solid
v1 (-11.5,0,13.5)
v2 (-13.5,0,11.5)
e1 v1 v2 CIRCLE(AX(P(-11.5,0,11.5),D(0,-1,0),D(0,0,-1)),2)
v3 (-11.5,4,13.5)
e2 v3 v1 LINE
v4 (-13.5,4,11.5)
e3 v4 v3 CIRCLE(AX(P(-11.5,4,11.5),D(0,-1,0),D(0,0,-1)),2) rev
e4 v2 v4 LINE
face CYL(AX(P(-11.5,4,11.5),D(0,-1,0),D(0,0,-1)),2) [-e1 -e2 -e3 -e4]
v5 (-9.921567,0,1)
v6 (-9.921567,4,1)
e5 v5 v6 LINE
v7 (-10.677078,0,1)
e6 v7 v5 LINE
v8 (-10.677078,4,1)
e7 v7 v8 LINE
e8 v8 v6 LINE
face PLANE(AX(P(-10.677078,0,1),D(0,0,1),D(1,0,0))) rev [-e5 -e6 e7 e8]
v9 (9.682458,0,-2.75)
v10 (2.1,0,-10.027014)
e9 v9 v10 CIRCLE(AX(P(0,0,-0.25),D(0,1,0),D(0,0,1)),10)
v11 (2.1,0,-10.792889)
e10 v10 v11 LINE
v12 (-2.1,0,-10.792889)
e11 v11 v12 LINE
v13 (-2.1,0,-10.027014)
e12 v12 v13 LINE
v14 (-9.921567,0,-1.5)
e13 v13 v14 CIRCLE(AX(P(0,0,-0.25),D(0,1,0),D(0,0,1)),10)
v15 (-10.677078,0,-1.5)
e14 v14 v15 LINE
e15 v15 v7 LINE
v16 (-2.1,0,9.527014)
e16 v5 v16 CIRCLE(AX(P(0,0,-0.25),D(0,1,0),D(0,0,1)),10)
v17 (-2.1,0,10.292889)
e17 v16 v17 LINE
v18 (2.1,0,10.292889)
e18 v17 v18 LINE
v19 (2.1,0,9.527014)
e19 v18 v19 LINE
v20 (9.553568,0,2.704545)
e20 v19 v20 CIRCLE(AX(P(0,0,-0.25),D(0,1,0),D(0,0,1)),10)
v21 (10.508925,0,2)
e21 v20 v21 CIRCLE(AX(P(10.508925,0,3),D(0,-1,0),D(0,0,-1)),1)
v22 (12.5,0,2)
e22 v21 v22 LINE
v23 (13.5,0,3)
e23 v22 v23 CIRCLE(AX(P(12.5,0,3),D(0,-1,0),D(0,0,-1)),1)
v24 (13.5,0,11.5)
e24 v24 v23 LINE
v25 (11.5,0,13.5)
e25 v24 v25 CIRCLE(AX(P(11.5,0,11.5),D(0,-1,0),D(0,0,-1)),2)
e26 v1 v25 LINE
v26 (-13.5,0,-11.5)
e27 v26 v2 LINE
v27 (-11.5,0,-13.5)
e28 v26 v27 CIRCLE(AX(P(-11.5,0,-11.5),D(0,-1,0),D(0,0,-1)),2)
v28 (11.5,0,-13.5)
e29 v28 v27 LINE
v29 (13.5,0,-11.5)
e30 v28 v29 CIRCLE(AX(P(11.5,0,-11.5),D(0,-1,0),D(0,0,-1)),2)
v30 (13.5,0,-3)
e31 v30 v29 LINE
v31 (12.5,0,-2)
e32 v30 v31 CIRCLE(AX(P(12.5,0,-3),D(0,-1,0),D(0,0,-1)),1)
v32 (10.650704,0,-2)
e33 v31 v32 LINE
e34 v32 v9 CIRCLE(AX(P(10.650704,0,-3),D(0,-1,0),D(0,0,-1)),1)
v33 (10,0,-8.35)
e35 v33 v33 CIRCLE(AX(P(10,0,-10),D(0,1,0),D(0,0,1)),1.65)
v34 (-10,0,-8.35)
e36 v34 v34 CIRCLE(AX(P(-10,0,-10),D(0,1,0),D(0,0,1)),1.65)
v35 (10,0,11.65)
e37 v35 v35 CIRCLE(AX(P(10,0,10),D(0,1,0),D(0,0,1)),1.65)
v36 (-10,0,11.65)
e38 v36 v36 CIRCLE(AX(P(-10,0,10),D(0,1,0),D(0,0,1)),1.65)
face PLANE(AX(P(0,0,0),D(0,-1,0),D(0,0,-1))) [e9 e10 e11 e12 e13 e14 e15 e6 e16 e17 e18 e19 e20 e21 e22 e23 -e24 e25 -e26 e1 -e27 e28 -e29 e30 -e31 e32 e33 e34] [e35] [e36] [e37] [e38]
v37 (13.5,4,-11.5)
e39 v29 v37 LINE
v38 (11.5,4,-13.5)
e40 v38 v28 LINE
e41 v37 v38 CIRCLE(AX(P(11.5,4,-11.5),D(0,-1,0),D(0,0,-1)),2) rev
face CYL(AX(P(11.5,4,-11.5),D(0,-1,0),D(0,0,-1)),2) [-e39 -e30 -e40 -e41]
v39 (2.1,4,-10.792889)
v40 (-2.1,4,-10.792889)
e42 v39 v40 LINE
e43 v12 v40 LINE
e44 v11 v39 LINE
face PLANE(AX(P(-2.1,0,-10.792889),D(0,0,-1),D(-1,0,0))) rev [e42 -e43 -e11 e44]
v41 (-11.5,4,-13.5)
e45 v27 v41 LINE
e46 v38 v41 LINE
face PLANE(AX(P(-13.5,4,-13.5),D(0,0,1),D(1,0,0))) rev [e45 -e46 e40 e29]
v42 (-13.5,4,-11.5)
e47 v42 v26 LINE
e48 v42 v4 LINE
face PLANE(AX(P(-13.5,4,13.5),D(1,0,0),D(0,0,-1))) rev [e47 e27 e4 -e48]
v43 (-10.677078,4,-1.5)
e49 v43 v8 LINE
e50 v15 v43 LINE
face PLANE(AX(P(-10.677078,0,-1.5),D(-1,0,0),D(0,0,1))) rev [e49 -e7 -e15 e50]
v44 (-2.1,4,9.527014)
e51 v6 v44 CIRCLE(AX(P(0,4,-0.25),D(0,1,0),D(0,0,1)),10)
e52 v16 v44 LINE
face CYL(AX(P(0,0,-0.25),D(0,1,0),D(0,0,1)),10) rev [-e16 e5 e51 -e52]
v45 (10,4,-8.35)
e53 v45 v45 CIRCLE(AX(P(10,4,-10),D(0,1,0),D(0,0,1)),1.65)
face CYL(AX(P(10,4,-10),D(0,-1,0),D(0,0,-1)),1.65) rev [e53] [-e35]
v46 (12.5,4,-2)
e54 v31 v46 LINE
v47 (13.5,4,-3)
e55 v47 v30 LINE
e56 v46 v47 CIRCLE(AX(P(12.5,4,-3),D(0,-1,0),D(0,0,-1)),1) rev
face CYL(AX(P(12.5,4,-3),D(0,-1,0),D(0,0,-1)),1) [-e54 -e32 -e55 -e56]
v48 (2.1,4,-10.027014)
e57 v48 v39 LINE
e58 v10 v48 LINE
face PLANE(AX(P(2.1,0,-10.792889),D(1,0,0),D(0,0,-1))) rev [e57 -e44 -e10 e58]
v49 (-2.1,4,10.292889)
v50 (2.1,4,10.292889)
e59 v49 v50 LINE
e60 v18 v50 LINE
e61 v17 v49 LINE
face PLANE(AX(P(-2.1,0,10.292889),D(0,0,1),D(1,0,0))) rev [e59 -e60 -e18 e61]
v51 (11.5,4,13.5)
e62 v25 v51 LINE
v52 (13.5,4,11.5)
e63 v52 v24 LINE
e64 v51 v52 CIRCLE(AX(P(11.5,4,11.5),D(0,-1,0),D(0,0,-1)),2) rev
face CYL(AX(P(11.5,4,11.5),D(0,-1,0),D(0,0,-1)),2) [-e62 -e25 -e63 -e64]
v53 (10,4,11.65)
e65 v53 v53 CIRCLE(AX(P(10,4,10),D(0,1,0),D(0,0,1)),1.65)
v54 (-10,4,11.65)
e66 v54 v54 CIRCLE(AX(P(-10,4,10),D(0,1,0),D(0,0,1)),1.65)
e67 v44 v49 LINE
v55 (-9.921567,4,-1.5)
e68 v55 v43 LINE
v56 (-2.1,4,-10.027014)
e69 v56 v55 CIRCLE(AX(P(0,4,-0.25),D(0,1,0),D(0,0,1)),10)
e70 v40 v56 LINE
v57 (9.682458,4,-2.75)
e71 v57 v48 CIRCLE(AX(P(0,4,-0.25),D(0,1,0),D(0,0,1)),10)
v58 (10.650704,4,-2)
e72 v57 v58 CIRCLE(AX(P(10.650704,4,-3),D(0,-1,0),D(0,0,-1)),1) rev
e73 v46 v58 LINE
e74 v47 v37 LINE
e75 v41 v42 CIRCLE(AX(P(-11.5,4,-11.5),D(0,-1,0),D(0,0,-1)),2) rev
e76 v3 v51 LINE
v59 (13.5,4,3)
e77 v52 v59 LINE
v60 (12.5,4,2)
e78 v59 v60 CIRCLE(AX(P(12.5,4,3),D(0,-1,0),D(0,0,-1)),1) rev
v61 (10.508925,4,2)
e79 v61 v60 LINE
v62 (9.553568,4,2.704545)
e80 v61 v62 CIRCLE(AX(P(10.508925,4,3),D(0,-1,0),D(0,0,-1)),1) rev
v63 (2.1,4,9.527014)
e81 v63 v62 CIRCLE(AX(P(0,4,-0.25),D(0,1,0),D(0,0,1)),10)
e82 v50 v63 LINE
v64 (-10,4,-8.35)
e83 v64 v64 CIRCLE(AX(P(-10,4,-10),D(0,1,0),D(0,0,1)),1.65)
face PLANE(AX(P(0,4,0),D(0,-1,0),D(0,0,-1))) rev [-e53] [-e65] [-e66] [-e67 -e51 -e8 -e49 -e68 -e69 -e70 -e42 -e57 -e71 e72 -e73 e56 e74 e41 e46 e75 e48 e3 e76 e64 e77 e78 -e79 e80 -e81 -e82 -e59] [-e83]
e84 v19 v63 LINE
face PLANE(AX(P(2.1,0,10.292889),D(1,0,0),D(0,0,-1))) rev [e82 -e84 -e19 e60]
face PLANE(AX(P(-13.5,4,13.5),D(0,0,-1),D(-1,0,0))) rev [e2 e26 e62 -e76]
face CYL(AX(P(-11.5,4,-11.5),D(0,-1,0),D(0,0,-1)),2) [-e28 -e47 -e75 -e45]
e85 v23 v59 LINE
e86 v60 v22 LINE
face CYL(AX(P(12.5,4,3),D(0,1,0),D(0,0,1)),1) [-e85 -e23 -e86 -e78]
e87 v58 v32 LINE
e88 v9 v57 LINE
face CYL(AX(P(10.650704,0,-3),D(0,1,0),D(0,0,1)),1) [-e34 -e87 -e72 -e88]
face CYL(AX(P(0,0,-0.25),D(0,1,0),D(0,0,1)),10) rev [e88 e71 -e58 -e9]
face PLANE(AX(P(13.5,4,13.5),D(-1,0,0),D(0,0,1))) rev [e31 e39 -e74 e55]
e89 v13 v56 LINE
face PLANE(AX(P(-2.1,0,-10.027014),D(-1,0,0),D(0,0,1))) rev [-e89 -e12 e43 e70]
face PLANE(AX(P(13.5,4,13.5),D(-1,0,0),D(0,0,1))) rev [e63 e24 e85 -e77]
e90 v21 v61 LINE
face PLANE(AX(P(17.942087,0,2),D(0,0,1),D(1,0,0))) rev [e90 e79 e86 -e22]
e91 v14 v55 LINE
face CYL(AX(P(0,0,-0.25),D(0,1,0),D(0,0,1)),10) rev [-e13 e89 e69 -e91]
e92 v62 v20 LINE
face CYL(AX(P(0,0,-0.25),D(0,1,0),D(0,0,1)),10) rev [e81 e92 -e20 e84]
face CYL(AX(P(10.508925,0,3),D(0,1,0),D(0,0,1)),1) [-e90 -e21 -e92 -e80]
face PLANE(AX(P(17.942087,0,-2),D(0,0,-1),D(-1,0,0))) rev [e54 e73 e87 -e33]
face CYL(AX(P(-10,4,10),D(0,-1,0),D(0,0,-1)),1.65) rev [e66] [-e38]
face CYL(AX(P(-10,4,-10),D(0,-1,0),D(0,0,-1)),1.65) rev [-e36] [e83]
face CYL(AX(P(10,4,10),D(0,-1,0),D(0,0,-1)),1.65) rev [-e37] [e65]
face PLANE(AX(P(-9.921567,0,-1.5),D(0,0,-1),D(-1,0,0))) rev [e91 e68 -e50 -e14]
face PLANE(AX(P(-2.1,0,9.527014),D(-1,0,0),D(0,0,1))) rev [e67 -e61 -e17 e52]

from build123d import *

# Parameters (mm, degrees)
SKETCH1_W           = 27
SKETCH1_H           = 27
SKETCH1_R           = 1.65
BOSS_EXTRUDE1_DEPTH = 4
CUT_EXTRUDE1_DEPTH  = 20.506409203
FILLET2_R           = 2
SKETCH5_W           = 14.325764552
SKETCH5_H           = 4
CUT_EXTRUDE2_DEPTH  = 20.506409203
FILLET3_R           = 1


with BuildPart() as part:
    # Sketch1 → Boss-Extrude1 (new body)
    with BuildSketch(Plane(origin=(0, 0, 0), x_dir=(1, 0, 0), z_dir=(0, 1, 0))):
        Rectangle(SKETCH1_W, SKETCH1_H)
        with Locations(Location((10, 10, 0), (0, 0, 270))):
            Circle(SKETCH1_R, mode=Mode.SUBTRACT)
        with Locations(Location((10, -10, 0), (0, 0, 270))):
            Circle(SKETCH1_R, mode=Mode.SUBTRACT)
        with Locations(Location((-10, -10, 0), (0, 0, 270))):
            Circle(SKETCH1_R, mode=Mode.SUBTRACT)
        with Locations(Location((-10, 10, 0), (0, 0, 270))):
            Circle(SKETCH1_R, mode=Mode.SUBTRACT)
    extrude(amount=BOSS_EXTRUDE1_DEPTH)

    # Sketch2 → Cut-Extrude1 (cut, through all)
    with BuildSketch(Plane(origin=(0, 4, 0), x_dir=(1, 0, 0), z_dir=(0, 1, 0))):
        with BuildLine():
            Line((-9.921567416, 1.5), (-10.677078252, 1.5))
            Line((-10.677078252, 1.5), (-10.677078252, -1))
            Line((-10.677078252, -1), (-9.921567416, -1))
            ThreePointArc((-9.921567416, -1), (-7.36932915, -6.509658858), (-2.1, -9.527013859))
            Line((-2.1, -9.527013859), (-2.1, -10.292888598))
            Line((-2.1, -10.292888598), (2.1, -10.292888598))
            Line((2.1, -10.292888598), (2.1, -9.527013859))
            ThreePointArc((2.1, -9.527013859), (7.36932915, -6.509658858), (9.921567416, -1))
            Line((9.921567416, -1), (10.677078252, -1))
            Line((10.677078252, -1), (10.677078252, 1.5))
            Line((10.677078252, 1.5), (9.921567416, 1.5))
            ThreePointArc((9.921567416, 1.5), (7.36932915, 7.009658858), (2.1, 10.027013859))
            Line((2.1, 10.027013859), (2.1, 10.792888598))
            Line((2.1, 10.792888598), (-2.1, 10.792888598))
            Line((-2.1, 10.792888598), (-2.1, 10.027013859))
            ThreePointArc((-2.1, 10.027013859), (-7.36932915, 7.009658858), (-9.921567416, 1.5))
        make_face()
    extrude(amount=-CUT_EXTRUDE1_DEPTH, mode=Mode.SUBTRACT)

    # Fillet2
    fillet2_edges = [part.edges().sort_by_distance(p)[0] for p in [
        (13.5, 2, 13.5),
        (-13.5, 2, 13.5),
        (-13.5, 2, -13.5),
        (13.5, 2, -13.5),
    ]]
    fillet(fillet2_edges, radius=FILLET2_R)

    # Sketch5 → Cut-Extrude2 (cut, through all)
    with BuildSketch(Plane(origin=(0, 4, 0), x_dir=(1, 0, 0), z_dir=(0, 1, 0))):
        with Locations((10.779204511, 0)):
            Rectangle(SKETCH5_W, SKETCH5_H)
    extrude(amount=-CUT_EXTRUDE2_DEPTH, mode=Mode.SUBTRACT)

    # Fillet3
    fillet3_edges = [part.edges().sort_by_distance(p)[0] for p in [
        (9.743587635, 2, 2),
        (9.845684334, 2, -2),
        (13.5, 2, -2),
        (13.5, 2, 2),
    ]]
    fillet(fillet3_edges, radius=FILLET3_R)


solid = part.part
